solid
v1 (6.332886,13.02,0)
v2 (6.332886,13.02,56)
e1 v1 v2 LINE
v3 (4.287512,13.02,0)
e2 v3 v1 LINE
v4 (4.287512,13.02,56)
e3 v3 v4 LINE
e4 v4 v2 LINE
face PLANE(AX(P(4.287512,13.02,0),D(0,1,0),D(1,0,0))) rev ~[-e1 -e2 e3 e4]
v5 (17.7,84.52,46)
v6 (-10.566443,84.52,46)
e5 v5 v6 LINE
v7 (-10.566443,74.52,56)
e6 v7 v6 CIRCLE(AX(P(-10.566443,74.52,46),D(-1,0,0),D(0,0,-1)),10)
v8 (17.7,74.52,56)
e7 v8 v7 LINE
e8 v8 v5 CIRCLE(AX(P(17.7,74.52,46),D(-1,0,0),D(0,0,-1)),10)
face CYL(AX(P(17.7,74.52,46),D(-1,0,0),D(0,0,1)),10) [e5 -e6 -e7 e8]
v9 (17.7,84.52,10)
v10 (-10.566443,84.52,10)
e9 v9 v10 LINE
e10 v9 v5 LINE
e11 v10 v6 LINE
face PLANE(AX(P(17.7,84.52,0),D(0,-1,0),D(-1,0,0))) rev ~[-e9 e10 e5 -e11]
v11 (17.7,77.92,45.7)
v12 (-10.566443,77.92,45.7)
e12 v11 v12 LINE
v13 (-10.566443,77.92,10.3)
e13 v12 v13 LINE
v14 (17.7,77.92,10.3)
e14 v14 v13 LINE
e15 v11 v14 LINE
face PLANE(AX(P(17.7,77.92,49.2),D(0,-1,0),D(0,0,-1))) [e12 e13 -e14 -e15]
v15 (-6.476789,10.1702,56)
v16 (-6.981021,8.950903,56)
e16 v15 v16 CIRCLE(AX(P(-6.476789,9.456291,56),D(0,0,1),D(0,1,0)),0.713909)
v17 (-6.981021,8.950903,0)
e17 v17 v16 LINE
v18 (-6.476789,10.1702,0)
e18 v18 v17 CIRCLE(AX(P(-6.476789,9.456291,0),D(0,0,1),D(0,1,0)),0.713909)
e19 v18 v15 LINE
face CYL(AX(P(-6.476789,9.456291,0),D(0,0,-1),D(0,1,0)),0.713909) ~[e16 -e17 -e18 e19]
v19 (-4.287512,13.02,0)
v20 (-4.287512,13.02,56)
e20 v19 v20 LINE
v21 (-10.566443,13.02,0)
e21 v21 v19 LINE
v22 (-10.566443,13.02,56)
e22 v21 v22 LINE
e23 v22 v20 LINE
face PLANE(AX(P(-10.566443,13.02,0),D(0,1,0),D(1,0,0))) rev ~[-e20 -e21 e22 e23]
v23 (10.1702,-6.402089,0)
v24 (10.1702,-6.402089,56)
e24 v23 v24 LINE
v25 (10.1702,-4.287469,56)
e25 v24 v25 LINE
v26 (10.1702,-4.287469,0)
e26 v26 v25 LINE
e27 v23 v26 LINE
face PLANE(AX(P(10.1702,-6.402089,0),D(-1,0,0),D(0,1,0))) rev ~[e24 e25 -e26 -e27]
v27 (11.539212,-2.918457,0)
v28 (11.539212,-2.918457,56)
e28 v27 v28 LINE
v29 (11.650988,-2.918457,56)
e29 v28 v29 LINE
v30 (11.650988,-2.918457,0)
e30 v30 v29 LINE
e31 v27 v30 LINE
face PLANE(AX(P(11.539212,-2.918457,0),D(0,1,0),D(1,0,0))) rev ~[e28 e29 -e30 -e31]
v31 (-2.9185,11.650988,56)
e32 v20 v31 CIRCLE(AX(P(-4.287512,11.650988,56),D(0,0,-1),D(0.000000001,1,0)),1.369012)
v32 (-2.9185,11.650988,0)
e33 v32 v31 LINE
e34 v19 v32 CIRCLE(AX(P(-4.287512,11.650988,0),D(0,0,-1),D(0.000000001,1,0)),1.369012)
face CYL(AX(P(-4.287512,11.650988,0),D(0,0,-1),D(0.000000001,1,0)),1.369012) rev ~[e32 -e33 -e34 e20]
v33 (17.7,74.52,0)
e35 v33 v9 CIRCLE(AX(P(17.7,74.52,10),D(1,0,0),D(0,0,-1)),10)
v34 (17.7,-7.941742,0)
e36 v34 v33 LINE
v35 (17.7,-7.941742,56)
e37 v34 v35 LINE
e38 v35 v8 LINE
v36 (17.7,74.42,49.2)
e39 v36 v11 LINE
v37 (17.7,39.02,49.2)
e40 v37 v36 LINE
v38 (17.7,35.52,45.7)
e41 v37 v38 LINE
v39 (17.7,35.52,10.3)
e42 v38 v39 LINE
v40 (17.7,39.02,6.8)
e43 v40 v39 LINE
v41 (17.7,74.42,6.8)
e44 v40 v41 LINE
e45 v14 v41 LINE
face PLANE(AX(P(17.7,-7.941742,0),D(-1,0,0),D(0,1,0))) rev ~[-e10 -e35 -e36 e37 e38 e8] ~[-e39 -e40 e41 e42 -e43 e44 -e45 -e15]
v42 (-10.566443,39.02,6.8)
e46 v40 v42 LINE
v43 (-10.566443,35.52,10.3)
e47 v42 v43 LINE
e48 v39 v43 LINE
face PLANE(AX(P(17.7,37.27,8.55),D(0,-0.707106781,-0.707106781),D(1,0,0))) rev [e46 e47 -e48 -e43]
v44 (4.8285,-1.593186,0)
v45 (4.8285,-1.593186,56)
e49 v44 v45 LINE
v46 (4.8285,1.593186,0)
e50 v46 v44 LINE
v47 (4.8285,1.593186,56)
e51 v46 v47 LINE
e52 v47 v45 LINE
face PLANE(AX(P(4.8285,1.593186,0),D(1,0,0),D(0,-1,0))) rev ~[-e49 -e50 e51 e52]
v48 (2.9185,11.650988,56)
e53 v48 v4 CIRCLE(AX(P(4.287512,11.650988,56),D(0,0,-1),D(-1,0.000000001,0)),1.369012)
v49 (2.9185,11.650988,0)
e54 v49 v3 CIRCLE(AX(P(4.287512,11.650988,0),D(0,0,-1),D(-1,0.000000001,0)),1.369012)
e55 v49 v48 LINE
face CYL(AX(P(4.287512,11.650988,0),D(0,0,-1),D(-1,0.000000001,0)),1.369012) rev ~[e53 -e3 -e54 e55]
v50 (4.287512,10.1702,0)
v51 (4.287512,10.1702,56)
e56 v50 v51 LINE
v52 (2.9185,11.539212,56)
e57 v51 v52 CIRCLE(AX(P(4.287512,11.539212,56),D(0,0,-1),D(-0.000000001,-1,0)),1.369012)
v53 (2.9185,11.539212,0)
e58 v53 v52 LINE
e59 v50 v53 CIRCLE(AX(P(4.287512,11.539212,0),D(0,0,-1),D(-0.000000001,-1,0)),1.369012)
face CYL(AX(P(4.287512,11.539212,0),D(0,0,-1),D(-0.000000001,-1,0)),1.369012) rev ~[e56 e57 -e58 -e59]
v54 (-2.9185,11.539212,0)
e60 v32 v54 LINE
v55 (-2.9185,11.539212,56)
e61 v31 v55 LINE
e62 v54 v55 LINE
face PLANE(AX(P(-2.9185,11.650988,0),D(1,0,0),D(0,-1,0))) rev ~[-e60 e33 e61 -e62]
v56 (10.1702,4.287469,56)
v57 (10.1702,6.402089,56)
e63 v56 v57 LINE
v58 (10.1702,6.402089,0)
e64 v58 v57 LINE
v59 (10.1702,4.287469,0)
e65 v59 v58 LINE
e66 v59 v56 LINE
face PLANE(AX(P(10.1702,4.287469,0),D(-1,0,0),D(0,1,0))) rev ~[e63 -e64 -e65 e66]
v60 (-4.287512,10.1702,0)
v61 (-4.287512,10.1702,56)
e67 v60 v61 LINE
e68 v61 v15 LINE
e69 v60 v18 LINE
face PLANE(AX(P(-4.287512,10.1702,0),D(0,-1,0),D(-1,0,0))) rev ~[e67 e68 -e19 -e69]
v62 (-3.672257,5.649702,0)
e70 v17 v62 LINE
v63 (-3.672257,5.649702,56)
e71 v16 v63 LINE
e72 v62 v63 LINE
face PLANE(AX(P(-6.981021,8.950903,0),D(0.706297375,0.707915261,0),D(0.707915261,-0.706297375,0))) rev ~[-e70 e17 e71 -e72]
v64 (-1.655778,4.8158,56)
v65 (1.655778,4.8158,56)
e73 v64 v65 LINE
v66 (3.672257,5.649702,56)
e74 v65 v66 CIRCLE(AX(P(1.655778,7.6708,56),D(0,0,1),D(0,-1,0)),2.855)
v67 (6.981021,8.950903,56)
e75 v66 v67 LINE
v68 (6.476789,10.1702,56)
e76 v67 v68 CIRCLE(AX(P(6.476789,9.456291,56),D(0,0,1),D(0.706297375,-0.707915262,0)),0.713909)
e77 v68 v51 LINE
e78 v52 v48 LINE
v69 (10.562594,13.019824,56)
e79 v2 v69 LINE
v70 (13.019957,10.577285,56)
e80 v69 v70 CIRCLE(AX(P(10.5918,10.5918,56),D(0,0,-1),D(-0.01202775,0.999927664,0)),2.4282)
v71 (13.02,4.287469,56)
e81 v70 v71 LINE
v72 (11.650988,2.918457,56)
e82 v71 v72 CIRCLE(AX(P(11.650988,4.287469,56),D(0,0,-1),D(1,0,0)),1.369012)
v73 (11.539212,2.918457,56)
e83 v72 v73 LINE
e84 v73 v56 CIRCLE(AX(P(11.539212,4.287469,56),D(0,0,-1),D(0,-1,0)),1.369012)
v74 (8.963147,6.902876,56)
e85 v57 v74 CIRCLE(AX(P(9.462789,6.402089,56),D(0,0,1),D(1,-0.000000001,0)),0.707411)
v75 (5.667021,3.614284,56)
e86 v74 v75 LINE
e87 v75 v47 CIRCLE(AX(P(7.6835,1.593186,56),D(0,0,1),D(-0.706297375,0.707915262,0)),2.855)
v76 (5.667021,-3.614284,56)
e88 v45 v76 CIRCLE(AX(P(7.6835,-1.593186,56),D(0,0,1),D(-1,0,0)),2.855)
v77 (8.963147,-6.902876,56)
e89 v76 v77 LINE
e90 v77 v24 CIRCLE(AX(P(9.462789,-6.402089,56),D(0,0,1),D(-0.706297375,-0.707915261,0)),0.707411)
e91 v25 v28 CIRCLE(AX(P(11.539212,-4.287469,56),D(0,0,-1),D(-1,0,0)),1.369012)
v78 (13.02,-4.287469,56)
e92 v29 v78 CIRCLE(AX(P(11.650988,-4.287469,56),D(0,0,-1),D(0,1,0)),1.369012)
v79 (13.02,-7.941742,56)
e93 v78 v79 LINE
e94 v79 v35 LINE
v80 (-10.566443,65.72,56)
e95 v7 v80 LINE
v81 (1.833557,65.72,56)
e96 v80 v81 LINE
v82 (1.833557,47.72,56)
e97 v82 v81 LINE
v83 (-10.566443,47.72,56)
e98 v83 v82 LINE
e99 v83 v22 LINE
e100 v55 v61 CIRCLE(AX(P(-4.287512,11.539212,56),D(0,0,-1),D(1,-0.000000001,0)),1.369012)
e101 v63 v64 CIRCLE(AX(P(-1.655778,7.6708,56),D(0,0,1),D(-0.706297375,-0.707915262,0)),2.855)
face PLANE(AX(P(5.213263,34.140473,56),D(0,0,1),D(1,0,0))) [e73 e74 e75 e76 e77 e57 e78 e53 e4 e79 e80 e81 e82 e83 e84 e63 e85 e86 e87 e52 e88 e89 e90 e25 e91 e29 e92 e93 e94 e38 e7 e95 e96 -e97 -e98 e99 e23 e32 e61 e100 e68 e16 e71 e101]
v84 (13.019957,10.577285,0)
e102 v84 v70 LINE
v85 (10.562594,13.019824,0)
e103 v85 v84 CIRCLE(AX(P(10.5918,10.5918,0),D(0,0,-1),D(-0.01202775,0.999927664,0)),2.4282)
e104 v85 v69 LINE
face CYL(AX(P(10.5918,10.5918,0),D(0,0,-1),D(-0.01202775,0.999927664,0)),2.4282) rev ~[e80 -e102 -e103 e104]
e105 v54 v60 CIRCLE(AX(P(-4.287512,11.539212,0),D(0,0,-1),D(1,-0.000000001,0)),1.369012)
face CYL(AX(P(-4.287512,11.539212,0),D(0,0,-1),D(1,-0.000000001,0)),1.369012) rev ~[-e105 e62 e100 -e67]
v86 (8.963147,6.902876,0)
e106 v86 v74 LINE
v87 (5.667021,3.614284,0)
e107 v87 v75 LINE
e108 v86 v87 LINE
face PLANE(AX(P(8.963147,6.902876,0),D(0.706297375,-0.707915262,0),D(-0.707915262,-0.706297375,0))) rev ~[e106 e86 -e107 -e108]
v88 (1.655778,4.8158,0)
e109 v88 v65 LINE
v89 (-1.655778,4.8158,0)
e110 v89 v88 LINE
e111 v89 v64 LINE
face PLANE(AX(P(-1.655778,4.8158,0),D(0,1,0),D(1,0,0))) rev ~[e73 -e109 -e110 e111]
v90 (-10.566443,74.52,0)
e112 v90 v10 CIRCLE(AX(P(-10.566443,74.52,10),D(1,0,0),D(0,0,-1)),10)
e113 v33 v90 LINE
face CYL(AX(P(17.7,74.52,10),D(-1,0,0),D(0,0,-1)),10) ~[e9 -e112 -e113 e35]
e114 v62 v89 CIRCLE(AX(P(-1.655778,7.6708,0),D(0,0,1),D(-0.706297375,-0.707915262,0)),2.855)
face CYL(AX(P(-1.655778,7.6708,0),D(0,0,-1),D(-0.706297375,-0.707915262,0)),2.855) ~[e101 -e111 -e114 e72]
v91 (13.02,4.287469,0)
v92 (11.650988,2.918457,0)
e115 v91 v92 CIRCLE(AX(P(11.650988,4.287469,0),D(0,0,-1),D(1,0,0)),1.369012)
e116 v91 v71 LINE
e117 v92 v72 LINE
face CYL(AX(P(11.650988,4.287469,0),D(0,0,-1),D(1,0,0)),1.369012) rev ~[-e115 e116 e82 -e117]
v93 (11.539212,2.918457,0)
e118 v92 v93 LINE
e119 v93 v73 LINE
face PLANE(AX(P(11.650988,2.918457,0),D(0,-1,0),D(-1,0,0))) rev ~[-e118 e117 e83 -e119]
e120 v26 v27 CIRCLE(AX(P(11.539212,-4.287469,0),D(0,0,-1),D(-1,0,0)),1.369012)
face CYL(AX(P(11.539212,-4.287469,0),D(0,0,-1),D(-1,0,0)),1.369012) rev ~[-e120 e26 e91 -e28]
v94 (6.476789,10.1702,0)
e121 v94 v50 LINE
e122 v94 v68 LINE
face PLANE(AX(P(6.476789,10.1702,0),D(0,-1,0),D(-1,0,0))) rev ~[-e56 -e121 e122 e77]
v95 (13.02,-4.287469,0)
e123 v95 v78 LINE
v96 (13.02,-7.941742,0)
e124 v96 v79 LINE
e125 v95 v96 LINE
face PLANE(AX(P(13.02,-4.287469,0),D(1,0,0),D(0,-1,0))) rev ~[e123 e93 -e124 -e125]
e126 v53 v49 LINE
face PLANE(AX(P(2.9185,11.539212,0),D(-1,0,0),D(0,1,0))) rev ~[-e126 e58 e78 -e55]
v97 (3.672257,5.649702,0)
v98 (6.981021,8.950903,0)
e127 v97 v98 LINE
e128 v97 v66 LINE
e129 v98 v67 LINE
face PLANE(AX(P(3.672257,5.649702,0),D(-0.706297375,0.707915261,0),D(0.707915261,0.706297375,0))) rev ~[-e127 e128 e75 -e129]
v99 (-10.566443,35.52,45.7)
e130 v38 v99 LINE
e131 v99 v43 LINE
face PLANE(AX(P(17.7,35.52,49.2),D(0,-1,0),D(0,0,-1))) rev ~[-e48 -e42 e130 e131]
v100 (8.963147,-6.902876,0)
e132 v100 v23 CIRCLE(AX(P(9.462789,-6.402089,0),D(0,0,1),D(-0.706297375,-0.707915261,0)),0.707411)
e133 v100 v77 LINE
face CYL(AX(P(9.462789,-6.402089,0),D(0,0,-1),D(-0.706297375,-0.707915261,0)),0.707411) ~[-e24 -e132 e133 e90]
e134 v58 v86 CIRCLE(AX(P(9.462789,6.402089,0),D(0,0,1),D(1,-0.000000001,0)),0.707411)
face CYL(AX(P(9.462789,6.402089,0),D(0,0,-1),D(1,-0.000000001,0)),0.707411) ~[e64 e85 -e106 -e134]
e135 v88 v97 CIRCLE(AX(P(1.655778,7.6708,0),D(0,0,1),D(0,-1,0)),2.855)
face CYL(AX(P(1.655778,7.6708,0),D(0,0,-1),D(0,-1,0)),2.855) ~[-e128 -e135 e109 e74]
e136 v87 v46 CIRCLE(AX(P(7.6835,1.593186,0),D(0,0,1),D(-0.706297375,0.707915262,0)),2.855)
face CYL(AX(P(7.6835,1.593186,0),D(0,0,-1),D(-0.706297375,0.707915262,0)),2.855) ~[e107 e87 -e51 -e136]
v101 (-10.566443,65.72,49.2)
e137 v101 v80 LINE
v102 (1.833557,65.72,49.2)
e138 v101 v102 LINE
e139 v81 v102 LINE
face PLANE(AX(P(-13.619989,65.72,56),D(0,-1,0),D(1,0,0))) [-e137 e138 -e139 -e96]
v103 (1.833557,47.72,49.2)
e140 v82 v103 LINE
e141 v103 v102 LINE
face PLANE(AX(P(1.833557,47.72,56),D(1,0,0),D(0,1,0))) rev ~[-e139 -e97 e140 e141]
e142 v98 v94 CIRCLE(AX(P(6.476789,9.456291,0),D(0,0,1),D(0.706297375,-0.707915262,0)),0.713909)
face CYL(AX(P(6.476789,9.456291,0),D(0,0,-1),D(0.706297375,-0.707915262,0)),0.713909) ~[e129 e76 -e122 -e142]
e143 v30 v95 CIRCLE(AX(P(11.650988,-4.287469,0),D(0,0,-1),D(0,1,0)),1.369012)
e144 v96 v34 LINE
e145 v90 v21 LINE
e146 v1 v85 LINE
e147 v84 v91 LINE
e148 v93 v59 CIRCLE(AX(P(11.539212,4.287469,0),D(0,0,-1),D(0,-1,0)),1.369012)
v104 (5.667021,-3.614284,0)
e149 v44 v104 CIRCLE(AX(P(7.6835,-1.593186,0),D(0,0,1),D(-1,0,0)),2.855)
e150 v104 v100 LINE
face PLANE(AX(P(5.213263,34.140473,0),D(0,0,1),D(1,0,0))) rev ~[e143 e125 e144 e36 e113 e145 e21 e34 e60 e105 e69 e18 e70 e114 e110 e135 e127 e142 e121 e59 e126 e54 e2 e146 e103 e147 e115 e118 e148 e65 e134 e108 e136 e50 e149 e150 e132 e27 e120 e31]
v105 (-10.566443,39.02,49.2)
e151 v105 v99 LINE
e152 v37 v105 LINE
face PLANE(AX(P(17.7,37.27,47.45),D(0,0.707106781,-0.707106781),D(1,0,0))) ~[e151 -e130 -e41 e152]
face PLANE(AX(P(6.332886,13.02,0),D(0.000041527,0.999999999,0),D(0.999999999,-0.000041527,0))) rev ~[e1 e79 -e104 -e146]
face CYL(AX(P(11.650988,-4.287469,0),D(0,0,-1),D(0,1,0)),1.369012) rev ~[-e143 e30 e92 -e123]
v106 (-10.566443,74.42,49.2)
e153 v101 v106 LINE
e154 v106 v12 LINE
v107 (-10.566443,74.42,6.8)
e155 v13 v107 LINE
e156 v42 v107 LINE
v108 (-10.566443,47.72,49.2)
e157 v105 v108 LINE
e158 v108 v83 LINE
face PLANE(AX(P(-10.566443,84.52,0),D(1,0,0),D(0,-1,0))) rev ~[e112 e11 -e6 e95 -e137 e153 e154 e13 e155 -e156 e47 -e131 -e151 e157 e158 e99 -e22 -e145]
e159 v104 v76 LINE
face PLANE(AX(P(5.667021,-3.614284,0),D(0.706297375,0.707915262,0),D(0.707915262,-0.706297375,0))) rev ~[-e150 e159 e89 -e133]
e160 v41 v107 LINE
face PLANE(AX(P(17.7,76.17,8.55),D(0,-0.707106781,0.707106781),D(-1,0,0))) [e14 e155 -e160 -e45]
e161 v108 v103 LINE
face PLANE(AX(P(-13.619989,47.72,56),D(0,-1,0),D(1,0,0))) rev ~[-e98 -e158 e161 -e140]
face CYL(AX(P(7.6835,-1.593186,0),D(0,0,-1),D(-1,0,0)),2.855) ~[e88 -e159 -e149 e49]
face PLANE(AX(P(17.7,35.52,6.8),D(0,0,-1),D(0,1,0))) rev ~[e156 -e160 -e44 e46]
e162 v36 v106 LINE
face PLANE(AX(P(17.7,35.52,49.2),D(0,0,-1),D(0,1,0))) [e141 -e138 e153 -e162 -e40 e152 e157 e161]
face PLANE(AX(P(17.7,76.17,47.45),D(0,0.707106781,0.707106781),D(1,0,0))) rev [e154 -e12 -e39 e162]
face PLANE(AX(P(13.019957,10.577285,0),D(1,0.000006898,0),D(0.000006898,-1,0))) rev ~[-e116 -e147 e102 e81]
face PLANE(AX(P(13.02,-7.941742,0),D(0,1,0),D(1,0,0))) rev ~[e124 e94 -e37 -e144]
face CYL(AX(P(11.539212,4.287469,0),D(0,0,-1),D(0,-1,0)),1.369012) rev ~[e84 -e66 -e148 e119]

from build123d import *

# Parameters (mm, degrees)
BOSS_EXTRUDE1_DEPTH = 56
SKETCH14_W          = 42.4
SKETCH14_H          = 42.4
CUT_EXTRUDE1_DEPTH  = 56
CHAMFER1_SIZE       = 3.5
FILLET1_R           = 10
CUT_EXTRUDE4_REACH  = 104.922
SKETCH17_W          = 15.453545708
SKETCH17_H          = 18


with BuildPart() as part:
    # Sketch1 → Boss-Extrude1 (new body)
    with BuildSketch(Plane.XY):
        with BuildLine():
            Line((13.02, -7.9417418), (17.7, -7.9417418))
            Line((17.7, -7.9417418), (17.7, 84.52))
            Line((17.7, 84.52), (-10.566443095, 84.52))
            Line((-10.566443095, 84.52), (-10.566443095, 13.02))
            Line((-10.566443095, 13.02), (-5.317126718, 13.02))
            Line((-5.317126718, 13.02), (-4.287512407, 13.02))
            ThreePointArc((-4.287512407, 13.02), (-3.319474451, 12.619025549), (-2.9185, 11.650987593))
            Line((-2.9185, 11.650987593), (-2.9185, 11.539212407))
            ThreePointArc((-2.9185, 11.539212407), (-3.319474451, 10.571174451), (-4.287512407, 10.1702))
            Line((-4.287512407, 10.1702), (-6.476788598, 10.1702))
            ThreePointArc((-6.476788598, 10.1702), (-7.136510935, 9.729114651), (-6.981020848, 8.950903446))
            Line((-6.981020848, 8.950903446), (-3.672257405, 5.649701928))
            ThreePointArc((-3.672257405, 5.649701928), (-2.746830644, 5.032499411), (-1.655778399, 4.8158))
            Line((-1.655778399, 4.8158), (1.655778399, 4.8158))
            ThreePointArc((1.655778399, 4.8158), (2.746830644, 5.032499411), (3.672257405, 5.649701928))
            Line((3.672257405, 5.649701928), (6.981020848, 8.950903446))
            ThreePointArc((6.981020848, 8.950903446), (7.136510935, 9.729114651), (6.476788598, 10.1702))
            Line((6.476788598, 10.1702), (4.287512407, 10.1702))
            ThreePointArc((4.287512407, 10.1702), (3.319474451, 10.571174451), (2.9185, 11.539212407))
            Line((2.9185, 11.539212407), (2.9185, 11.650987593))
            ThreePointArc((2.9185, 11.650987593), (3.319474451, 12.619025549), (4.287512407, 13.02))
            Line((4.287512407, 13.02), (6.332886163, 13.02))
            Line((6.332886163, 13.02), (10.562594215, 13.019824354))
            ThreePointArc((10.562594215, 13.019824354), (12.303594776, 12.313982883), (13.019956614, 10.577284622))
            Line((13.019956614, 10.577284622), (13.02, 4.287469289))
            ThreePointArc((13.02, 4.287469289), (12.619025549, 3.319431332), (11.650987593, 2.918456882))
            Line((11.650987593, 2.918456882), (11.539212407, 2.918456882))
            ThreePointArc((11.539212407, 2.918456882), (10.571174451, 3.319431332), (10.1702, 4.287469289))
            Line((10.1702, 4.287469289), (10.1702, 6.402089023))
            ThreePointArc((10.1702, 6.402089023), (9.733877283, 7.055496588), (8.963146507, 6.90287605))
            Line((8.963146507, 6.90287605), (5.667020993, 3.614283579))
            ThreePointArc((5.667020993, 3.614283579), (5.046449321, 2.687255303), (4.8285, 1.593185507))
            Line((4.8285, 1.593185507), (4.8285, -1.593185507))
            ThreePointArc((4.8285, -1.593185507), (5.046449321, -2.687255303), (5.667020993, -3.614283579))
            Line((5.667020993, -3.614283579), (8.963146507, -6.90287605))
            ThreePointArc((8.963146507, -6.90287605), (9.733877283, -7.055496588), (10.1702, -6.402089023))
            Line((10.1702, -6.402089023), (10.1702, -4.287469289))
            ThreePointArc((10.1702, -4.287469289), (10.571174451, -3.319431332), (11.539212407, -2.918456882))
            Line((11.539212407, -2.918456882), (11.650987593, -2.918456882))
            ThreePointArc((11.650987593, -2.918456882), (12.619025549, -3.319431332), (13.02, -4.287469289))
            Line((13.02, -4.287469289), (13.02, -5.3170836))
            Line((13.02, -5.3170836), (13.02, -7.9417418))
        make_face()
    extrude(amount=BOSS_EXTRUDE1_DEPTH)

    # Sketch14 → Cut-Extrude1 (cut)
    with BuildSketch(Plane(origin=(17.7, 0, 0), x_dir=(0, 0, -1), z_dir=(1, 0, 0))):
        with Locations((-28, 56.72)):
            Rectangle(SKETCH14_W, SKETCH14_H)
    extrude(amount=-CUT_EXTRUDE1_DEPTH, mode=Mode.SUBTRACT)

    # Chamfer1
    chamfer1_edges = [part.edges().sort_by_distance(p)[0] for p in [
        (3.566778452, 35.52, 49.2),
        (3.566778452, 77.92, 49.2),
        (3.566778452, 77.92, 6.8),
        (3.566778452, 35.52, 6.8),
    ]]
    chamfer(chamfer1_edges, length=CHAMFER1_SIZE)

    # Fillet1
    fillet1_edges = [part.edges().sort_by_distance(p)[0] for p in [
        (3.566778452, 84.52, 56),
        (3.566778452, 84.52, 0),
    ]]
    fillet(fillet1_edges, radius=FILLET1_R)

    # Sketch17 → Cut-Extrude4 (cut, up to next)
    with BuildSketch(Plane.XY.offset(56), mode=Mode.PRIVATE) as cut_extrude4_sk1:
        with Locations((-5.893215949, 56.72)):
            Rectangle(SKETCH17_W, SKETCH17_H)
    cut_extrude4_tool1 = extrude(cut_extrude4_sk1.sketch, amount=-CUT_EXTRUDE4_REACH, mode=Mode.PRIVATE) & part.part
    add(cut_extrude4_tool1.solids().sort_by_distance((-5.893216, 56.72, 56))[0], mode=Mode.SUBTRACT)


solid = part.part
